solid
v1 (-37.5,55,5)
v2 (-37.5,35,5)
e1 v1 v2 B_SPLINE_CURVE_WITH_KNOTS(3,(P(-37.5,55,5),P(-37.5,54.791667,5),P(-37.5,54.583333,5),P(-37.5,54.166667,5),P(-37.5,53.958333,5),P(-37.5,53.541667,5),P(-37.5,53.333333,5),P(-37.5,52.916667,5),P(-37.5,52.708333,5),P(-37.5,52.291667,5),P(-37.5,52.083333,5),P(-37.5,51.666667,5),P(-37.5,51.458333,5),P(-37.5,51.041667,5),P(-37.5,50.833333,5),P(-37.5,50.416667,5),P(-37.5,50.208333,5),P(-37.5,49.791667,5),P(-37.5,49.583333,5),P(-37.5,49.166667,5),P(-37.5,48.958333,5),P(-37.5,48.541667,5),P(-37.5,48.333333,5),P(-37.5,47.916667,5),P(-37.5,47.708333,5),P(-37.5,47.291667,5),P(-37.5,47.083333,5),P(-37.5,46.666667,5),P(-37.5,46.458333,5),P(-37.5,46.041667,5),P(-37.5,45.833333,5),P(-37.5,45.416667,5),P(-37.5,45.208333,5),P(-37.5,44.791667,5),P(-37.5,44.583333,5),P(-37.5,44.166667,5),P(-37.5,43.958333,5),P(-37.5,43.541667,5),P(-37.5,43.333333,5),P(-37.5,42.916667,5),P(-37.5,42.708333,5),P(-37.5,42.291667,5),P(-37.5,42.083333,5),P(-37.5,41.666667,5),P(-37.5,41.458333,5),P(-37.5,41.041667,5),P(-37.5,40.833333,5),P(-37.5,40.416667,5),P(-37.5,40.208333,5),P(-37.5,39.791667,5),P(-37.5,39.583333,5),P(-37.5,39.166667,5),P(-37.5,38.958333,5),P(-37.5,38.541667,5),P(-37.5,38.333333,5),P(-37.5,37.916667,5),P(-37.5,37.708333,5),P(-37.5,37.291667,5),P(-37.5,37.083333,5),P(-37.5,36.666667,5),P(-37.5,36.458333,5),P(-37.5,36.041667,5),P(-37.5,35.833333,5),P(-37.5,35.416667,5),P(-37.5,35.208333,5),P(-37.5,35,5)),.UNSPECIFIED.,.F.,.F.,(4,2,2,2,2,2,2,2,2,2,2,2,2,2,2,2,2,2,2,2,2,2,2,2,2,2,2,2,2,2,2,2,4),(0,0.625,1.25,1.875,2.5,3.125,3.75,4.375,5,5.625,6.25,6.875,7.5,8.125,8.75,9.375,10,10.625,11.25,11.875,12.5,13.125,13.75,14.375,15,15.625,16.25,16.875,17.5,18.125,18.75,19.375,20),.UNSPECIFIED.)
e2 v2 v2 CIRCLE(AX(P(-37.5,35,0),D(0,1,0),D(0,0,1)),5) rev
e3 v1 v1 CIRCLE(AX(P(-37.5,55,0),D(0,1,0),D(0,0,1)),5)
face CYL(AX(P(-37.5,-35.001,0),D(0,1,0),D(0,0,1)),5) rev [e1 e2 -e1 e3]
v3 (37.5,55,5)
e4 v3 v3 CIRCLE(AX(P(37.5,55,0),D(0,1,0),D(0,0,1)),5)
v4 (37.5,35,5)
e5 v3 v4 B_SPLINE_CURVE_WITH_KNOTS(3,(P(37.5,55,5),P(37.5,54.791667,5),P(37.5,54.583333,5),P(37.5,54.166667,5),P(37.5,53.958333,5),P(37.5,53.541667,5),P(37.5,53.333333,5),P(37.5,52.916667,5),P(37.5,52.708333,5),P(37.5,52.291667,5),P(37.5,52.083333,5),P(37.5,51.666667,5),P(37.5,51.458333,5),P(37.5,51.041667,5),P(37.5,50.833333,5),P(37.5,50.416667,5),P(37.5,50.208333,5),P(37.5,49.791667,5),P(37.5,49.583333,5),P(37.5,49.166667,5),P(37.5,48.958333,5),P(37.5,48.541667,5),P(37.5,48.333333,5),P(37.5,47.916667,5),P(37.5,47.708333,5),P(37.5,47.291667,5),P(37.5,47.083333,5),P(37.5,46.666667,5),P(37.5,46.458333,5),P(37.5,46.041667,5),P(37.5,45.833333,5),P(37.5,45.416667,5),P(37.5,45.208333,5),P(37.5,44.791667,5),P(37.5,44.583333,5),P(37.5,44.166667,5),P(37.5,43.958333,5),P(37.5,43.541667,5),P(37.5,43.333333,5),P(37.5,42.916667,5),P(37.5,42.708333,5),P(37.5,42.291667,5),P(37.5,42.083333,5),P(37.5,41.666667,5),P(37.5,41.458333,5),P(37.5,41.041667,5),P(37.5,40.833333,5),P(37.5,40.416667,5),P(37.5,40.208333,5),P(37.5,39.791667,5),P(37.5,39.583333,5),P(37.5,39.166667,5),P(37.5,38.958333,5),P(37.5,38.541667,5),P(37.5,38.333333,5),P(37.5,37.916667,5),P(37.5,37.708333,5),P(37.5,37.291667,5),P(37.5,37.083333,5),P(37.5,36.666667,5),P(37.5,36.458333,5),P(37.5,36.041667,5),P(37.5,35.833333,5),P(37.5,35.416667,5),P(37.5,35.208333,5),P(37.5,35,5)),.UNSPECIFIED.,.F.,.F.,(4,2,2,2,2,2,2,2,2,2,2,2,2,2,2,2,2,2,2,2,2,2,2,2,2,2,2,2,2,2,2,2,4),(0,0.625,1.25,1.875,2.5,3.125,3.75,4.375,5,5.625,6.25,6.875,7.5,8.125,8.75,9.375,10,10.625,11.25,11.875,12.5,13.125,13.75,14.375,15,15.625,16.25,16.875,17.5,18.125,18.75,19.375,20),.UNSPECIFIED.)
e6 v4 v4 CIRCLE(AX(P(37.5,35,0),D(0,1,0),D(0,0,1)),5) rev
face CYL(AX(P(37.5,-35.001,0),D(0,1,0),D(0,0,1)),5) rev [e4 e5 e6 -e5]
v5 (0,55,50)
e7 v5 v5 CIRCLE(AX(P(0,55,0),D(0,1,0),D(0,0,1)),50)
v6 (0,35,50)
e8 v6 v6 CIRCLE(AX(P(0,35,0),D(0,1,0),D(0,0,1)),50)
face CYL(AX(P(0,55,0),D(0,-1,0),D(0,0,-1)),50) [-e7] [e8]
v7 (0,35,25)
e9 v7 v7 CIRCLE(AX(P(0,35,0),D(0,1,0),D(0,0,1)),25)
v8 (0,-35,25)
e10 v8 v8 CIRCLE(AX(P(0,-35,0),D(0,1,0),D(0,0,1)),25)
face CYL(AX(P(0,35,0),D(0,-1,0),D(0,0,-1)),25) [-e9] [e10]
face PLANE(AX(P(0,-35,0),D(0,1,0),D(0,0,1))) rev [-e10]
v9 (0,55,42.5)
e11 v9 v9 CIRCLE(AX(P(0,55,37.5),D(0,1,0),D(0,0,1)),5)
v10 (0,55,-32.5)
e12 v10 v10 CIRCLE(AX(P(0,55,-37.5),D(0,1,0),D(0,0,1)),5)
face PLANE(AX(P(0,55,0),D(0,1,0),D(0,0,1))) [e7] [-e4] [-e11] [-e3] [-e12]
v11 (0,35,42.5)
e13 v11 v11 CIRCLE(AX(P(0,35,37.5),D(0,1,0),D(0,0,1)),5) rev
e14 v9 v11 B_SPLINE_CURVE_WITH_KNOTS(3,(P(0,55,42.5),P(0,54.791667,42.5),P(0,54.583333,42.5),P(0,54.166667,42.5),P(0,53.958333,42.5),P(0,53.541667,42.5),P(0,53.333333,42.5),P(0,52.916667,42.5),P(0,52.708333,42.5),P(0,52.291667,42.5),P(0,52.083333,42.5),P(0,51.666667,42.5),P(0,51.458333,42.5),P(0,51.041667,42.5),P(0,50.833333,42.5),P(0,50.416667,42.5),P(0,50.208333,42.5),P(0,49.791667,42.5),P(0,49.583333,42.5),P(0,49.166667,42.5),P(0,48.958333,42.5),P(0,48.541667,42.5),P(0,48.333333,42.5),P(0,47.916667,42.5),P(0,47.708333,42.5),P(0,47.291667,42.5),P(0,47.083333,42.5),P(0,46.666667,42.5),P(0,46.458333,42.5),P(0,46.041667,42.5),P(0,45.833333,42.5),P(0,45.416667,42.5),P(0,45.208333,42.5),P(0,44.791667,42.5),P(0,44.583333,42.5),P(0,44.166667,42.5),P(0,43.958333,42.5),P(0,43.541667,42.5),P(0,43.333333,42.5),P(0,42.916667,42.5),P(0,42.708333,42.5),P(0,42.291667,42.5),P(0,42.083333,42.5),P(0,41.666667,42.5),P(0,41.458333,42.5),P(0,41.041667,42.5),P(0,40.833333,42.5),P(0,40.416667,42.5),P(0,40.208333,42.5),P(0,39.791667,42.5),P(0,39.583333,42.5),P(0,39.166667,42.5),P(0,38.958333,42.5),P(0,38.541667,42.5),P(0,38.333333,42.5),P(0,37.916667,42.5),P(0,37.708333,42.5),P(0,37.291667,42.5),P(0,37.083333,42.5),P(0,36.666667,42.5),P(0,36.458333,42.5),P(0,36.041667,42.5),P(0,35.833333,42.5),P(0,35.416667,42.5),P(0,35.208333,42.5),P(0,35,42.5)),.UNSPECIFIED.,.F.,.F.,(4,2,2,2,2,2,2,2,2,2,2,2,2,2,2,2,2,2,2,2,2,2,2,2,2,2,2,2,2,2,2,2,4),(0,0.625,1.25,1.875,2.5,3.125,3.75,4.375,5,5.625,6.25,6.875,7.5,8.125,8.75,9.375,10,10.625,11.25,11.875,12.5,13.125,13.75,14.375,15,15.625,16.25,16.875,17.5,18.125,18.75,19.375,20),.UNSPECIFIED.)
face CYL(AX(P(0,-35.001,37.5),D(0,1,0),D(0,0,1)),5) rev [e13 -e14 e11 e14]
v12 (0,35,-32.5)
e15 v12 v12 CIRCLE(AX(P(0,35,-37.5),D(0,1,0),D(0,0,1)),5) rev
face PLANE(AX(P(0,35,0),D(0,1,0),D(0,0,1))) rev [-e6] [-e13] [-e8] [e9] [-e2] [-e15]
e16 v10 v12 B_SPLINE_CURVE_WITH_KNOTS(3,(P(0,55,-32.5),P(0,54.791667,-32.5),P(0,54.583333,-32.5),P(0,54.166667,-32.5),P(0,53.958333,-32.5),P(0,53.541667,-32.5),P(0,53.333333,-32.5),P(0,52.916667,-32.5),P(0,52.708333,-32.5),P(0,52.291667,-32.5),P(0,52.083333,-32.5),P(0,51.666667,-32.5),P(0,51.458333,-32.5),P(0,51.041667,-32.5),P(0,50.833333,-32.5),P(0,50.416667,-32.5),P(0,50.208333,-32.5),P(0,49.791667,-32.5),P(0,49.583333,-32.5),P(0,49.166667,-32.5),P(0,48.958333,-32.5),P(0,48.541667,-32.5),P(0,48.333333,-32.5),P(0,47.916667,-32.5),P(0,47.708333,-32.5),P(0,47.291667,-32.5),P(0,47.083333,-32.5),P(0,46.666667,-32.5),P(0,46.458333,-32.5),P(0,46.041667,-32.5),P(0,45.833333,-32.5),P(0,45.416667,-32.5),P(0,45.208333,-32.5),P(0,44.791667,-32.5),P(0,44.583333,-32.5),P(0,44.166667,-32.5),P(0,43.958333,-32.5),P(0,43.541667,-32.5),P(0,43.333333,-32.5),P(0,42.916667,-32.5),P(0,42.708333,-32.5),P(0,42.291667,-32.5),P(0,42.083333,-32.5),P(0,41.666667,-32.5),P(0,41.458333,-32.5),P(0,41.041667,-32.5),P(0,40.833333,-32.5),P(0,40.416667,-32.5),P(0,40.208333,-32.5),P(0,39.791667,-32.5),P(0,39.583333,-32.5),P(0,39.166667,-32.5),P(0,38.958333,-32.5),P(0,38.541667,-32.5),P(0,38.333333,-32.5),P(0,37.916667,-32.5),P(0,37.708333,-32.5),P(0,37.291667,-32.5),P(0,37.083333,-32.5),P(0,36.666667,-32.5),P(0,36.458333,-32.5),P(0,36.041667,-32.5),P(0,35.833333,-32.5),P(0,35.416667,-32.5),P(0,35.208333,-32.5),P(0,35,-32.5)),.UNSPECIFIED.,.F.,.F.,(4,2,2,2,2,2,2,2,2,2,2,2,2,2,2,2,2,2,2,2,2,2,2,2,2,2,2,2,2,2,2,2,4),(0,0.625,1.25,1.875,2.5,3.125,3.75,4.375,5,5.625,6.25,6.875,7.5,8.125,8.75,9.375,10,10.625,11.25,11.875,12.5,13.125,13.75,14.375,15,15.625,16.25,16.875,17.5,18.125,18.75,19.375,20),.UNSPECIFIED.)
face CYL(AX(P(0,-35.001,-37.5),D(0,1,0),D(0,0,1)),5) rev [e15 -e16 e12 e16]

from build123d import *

# Parameters (mm, degrees)
CROQUIS1_R              = 25
SALIENTE_EXTRUIR1_DEPTH = 35
CROQUIS2_R              = 50
SALIENTE_EXTRUIR2_DEPTH = 20
CORTAR_EXTRUIR1_REACH   = 116.455
CROQUIS3_R              = 5


with BuildPart() as part:
    # Croquis1 → Saliente-Extruir1 (new, symmetric)
    with BuildSketch(Plane(origin=(0, 0, 0), x_dir=(1, 0, 0), z_dir=(0, 1, 0))):
        with Locations(Location((0, 0, 0), (0, 0, 270))):
            Circle(CROQUIS1_R)
    extrude(amount=SALIENTE_EXTRUIR1_DEPTH, both=True)

    # Croquis2 → Saliente-Extruir2 (add)
    with BuildSketch(Plane(origin=(0, 35, 0), x_dir=(1, 0, 0), z_dir=(0, 1, 0))):
        with Locations(Location((0, 0, 0), (0, 0, 270))):
            Circle(CROQUIS2_R)
    extrude(amount=SALIENTE_EXTRUIR2_DEPTH)

    # Croquis3 → Cortar-Extruir1 (cut, up to next)
    with BuildSketch(Plane(origin=(0, 55, 0), x_dir=(1, 0, 0), z_dir=(0, 1, 0)), mode=Mode.PRIVATE) as cortar_extruir1_sk1:
        with Locations(Location((0, 37.5, 0), (0, 0, 270))):
            Circle(CROQUIS3_R)
    cortar_extruir1_tool1 = extrude(cortar_extruir1_sk1.sketch, amount=-CORTAR_EXTRUIR1_REACH, mode=Mode.PRIVATE) & part.part
    # Croquis3 → Cortar-Extruir1 (cut, up to next)
    with BuildSketch(Plane(origin=(0, 55, 0), x_dir=(1, 0, 0), z_dir=(0, 1, 0)), mode=Mode.PRIVATE) as cortar_extruir1_sk2:
        with Locations(Location((37.5, 0, 0), (0, 0, 270))):
            Circle(CROQUIS3_R)
    cortar_extruir1_tool2 = extrude(cortar_extruir1_sk2.sketch, amount=-CORTAR_EXTRUIR1_REACH, mode=Mode.PRIVATE) & part.part
    # Croquis3 → Cortar-Extruir1 (cut, up to next)
    with BuildSketch(Plane(origin=(0, 55, 0), x_dir=(1, 0, 0), z_dir=(0, 1, 0)), mode=Mode.PRIVATE) as cortar_extruir1_sk3:
        with Locations(Location((0, -37.5, 0), (0, 0, 270))):
            Circle(CROQUIS3_R)
    cortar_extruir1_tool3 = extrude(cortar_extruir1_sk3.sketch, amount=-CORTAR_EXTRUIR1_REACH, mode=Mode.PRIVATE) & part.part
    # Croquis3 → Cortar-Extruir1 (cut, up to next)
    with BuildSketch(Plane(origin=(0, 55, 0), x_dir=(1, 0, 0), z_dir=(0, 1, 0)), mode=Mode.PRIVATE) as cortar_extruir1_sk4:
        with Locations(Location((-37.5, 0, 0), (0, 0, 270))):
            Circle(CROQUIS3_R)
    cortar_extruir1_tool4 = extrude(cortar_extruir1_sk4.sketch, amount=-CORTAR_EXTRUIR1_REACH, mode=Mode.PRIVATE) & part.part
    add(cortar_extruir1_tool1.solids().sort_by_distance((0, 55, -37.5))[0], mode=Mode.SUBTRACT)
    add(cortar_extruir1_tool2.solids().sort_by_distance((37.5, 55, 0))[0], mode=Mode.SUBTRACT)
    add(cortar_extruir1_tool3.solids().sort_by_distance((0, 55, 37.5))[0], mode=Mode.SUBTRACT)
    add(cortar_extruir1_tool4.solids().sort_by_distance((-37.5, 55, 0))[0], mode=Mode.SUBTRACT)


solid = part.part
